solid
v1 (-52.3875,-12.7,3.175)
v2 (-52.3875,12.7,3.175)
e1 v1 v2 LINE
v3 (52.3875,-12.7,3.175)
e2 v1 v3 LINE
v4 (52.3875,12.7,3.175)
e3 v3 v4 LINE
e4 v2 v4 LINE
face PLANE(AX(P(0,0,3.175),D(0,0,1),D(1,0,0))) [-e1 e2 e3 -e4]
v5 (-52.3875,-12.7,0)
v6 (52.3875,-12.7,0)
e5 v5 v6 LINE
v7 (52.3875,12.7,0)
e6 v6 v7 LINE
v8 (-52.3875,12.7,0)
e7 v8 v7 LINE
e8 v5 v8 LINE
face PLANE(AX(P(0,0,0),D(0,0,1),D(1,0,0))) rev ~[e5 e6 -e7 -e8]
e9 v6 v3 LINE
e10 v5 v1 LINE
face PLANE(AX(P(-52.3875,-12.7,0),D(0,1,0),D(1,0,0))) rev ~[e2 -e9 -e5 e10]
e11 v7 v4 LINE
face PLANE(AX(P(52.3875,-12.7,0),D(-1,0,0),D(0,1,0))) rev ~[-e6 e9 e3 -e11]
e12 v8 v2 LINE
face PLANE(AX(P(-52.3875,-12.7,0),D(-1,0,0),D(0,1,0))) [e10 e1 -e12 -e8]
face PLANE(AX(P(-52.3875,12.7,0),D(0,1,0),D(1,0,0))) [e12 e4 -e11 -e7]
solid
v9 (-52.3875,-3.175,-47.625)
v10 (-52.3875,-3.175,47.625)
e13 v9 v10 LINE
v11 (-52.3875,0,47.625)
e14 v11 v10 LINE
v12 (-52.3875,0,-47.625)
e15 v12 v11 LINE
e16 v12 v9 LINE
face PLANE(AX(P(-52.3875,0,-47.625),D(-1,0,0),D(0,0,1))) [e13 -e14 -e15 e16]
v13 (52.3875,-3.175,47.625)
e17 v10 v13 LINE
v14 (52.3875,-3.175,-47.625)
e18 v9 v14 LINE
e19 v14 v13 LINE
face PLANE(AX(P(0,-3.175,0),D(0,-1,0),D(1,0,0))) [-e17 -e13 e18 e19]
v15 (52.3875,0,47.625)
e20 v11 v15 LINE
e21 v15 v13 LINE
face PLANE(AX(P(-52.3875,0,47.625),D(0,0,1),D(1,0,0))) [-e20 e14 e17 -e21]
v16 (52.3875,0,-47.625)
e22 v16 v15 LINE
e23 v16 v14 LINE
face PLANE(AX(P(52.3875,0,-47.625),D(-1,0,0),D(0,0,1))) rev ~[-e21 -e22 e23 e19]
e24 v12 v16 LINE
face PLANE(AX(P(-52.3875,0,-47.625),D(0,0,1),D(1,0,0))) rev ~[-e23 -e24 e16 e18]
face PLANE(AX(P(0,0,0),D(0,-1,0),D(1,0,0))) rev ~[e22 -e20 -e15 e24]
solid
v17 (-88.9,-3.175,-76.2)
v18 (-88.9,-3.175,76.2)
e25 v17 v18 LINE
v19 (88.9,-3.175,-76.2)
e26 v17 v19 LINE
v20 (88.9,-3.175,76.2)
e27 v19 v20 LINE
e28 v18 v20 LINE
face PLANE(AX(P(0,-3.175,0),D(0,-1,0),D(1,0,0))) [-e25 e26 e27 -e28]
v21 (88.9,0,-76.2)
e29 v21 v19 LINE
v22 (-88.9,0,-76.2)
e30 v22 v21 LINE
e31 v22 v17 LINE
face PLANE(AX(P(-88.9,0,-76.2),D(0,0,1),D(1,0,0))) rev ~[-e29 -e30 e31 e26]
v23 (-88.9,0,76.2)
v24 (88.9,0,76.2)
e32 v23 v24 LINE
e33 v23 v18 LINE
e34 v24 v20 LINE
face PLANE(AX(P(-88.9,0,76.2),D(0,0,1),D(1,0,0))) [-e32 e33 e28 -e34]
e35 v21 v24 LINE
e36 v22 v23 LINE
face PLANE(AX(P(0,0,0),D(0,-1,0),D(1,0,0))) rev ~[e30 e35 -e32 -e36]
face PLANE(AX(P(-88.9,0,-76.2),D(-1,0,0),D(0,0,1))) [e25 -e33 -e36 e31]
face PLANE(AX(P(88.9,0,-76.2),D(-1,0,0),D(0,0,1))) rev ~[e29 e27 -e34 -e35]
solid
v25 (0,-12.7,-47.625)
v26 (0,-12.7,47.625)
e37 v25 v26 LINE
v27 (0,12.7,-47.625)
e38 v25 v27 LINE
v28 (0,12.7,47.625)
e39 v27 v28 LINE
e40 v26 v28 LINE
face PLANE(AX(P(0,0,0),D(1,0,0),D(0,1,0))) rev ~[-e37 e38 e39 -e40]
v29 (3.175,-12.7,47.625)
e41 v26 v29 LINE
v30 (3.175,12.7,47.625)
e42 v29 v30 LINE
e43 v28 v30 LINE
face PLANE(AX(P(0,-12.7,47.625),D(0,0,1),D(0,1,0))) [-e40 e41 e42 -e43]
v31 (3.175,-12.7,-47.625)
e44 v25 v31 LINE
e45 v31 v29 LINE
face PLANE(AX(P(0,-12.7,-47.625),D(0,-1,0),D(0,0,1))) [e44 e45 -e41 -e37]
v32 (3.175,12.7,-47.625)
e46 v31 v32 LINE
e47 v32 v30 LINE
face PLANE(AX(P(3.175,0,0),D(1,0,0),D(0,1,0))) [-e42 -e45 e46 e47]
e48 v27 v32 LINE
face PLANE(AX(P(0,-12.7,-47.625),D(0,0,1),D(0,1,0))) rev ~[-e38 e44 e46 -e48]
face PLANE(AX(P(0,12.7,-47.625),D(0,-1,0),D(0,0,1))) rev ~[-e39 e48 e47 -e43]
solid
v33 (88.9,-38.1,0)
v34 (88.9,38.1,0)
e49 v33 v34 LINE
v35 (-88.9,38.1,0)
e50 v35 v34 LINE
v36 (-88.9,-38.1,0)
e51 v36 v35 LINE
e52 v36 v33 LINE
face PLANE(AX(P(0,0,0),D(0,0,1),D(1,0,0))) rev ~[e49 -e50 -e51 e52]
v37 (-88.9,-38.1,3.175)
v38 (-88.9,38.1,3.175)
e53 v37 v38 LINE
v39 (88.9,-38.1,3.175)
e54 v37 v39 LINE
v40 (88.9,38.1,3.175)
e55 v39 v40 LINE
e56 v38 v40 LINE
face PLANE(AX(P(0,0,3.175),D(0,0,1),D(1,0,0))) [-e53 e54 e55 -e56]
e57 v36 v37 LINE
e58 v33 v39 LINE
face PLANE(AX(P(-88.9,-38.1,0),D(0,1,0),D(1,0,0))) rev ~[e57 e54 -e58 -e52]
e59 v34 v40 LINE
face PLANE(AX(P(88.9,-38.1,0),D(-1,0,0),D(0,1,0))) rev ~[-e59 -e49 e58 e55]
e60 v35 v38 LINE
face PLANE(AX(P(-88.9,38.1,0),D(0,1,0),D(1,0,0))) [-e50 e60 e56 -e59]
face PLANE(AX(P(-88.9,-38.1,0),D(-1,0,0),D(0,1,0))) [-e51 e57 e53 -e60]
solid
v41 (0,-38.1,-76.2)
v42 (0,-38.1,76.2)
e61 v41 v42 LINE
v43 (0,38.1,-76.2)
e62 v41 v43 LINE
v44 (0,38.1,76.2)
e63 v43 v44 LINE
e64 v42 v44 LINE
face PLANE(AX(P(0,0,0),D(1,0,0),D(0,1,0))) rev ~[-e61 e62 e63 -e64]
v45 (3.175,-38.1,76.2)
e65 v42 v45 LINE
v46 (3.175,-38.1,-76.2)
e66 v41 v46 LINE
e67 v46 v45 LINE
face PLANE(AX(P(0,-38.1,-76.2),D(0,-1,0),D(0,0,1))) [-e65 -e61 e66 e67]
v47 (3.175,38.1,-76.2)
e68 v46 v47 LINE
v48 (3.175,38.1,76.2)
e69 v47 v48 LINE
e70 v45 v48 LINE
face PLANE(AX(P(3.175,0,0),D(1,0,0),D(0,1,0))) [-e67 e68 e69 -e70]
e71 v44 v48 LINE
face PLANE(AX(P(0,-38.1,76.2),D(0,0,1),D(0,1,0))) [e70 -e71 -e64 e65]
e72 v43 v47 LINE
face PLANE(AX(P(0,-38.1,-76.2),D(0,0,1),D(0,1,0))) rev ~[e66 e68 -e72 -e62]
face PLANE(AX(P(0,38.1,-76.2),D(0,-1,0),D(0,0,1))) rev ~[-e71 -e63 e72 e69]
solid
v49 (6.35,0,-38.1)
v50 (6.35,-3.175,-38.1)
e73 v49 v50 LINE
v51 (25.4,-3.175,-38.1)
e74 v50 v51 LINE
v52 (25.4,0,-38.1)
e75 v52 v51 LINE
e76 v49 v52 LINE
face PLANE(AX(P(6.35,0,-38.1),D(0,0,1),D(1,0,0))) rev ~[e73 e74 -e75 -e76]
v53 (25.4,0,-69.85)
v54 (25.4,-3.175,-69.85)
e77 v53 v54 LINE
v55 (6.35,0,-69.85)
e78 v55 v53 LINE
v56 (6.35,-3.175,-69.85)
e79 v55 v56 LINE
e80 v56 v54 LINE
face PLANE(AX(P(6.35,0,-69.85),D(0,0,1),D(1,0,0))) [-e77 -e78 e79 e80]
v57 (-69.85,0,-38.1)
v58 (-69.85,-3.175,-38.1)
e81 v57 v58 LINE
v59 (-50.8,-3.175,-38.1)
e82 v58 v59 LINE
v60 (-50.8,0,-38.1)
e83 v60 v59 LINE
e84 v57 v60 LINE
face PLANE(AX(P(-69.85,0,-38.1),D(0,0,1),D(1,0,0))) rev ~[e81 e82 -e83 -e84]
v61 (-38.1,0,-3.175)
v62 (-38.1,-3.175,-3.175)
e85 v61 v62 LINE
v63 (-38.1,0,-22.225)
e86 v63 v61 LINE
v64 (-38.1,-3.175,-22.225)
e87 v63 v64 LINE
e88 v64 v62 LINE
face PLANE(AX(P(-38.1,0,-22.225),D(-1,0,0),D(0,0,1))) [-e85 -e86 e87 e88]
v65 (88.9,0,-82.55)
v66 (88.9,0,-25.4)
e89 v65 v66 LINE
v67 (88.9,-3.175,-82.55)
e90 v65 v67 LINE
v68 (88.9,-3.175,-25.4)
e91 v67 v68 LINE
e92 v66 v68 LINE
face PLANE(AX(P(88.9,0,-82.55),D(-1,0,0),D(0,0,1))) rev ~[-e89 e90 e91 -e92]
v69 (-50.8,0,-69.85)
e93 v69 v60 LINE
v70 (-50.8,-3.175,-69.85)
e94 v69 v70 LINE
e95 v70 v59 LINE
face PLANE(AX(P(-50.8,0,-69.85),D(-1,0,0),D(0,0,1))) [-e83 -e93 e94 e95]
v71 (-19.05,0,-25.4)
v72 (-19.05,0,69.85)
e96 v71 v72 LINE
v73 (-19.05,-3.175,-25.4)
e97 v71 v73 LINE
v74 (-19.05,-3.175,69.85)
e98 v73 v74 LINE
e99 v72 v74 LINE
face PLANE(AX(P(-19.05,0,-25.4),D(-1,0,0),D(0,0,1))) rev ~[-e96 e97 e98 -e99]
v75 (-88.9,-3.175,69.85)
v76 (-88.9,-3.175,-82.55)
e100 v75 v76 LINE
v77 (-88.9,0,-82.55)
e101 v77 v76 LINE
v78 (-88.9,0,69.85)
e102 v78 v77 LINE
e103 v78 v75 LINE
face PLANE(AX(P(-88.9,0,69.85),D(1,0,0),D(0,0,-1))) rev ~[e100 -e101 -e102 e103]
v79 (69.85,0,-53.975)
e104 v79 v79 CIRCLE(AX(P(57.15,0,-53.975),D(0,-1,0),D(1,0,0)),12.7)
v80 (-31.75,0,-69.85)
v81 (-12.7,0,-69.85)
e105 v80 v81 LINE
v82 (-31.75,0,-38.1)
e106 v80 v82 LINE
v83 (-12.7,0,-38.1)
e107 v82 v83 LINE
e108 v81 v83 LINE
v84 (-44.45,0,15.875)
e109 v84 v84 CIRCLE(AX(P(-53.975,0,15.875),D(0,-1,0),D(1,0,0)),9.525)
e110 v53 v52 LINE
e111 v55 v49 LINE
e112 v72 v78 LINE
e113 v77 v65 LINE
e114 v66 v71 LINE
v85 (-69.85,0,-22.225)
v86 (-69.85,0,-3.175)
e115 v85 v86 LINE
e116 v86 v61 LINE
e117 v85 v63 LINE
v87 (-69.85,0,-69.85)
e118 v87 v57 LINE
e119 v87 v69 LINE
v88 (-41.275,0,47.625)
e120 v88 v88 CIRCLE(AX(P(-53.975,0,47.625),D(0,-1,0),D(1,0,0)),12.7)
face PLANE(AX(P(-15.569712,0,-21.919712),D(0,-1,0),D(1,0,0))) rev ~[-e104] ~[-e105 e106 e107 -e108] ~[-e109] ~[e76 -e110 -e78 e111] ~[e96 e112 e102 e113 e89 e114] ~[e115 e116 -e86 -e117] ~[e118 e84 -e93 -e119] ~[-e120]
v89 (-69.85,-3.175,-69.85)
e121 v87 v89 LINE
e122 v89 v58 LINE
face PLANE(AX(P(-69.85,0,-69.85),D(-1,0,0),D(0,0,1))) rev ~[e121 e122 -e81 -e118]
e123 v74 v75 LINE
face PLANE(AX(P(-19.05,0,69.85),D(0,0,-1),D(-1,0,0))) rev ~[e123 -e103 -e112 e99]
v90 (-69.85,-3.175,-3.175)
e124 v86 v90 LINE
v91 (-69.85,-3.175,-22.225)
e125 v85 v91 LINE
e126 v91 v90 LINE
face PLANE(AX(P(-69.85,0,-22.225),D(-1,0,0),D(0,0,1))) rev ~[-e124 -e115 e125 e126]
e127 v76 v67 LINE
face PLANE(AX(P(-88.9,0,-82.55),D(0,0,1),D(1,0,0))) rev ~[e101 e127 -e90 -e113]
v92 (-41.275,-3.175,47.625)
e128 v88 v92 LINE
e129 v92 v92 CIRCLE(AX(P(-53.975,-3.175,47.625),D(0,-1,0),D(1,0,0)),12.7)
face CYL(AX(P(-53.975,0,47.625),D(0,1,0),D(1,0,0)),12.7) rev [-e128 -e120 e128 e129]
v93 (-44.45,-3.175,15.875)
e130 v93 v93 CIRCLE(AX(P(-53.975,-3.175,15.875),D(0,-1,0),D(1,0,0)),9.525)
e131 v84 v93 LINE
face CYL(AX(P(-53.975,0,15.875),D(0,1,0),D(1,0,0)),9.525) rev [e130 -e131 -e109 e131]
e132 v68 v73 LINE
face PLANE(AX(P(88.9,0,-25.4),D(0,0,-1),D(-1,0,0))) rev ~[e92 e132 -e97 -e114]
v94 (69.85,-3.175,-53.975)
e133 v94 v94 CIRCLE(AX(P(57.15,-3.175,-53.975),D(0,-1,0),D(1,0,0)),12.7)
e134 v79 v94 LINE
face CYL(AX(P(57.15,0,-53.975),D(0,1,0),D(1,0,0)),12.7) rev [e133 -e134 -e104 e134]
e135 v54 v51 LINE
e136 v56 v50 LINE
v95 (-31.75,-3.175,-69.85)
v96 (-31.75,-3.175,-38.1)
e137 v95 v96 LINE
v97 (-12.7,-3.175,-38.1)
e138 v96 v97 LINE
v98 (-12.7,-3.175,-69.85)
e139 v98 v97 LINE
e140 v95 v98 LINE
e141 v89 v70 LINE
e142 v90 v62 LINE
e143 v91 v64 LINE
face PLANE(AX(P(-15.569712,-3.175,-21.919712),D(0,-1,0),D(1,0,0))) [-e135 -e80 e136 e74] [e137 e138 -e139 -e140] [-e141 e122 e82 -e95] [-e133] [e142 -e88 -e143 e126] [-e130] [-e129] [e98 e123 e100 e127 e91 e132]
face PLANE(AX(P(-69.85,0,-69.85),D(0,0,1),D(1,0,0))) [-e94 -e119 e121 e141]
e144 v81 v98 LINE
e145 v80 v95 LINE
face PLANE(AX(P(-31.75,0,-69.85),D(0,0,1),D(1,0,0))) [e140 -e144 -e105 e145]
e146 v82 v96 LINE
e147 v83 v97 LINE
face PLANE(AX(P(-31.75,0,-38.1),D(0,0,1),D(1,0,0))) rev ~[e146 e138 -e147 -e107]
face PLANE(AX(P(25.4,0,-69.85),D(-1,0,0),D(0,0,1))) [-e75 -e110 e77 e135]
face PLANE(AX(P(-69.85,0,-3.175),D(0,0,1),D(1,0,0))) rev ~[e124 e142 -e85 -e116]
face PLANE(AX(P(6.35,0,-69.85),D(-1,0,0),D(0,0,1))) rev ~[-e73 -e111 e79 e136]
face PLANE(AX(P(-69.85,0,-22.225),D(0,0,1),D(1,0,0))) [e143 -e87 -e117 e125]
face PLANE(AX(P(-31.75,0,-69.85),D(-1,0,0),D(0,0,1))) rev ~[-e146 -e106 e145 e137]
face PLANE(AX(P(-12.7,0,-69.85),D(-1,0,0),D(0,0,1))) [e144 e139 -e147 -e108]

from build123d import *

# Parameters (mm, degrees)
F0_W      = 19.05
F0_H      = 31.75
F0_W_2    = 31.75
F0_H_2    = 19.05
F0_R      = 12.7
F0_R_2    = 9.525
F5_DEPTH  = 3.175
F1_W      = 104.775
F1_H      = 95.25
F6_DEPTH  = 3.175
F2_W      = 76.2
F2_H      = 152.4
F7_DEPTH  = 3.175
F3_W      = 177.8
F3_H      = 76.2
F8_DEPTH  = 3.175
F4_W      = 177.8
F4_H      = 152.4
F9_DEPTH  = 3.175
F10_W     = 25.4
F10_H     = 95.25
F11_DEPTH = 3.175
F12_W     = 104.775
F12_H     = 25.4
F13_DEPTH = 3.175


with BuildPart() as f5:
    # F0 (on Front) → F5 (new body)
    with BuildSketch(Plane.XZ):
        Polygon((-19.05, -25.4), (-19.05, 69.85), (-88.9, 69.85), (-88.9, -69.85), (-88.9, -82.55), (88.9, -82.55), (88.9, -69.85), (88.9, -47.625), (88.9, -25.4), align=None)
        with Locations((-60.325, -53.975)):
            Rectangle(F0_W, F0_H, mode=Mode.SUBTRACT)
        with Locations((-22.225, -53.975)):
            Rectangle(F0_W, F0_H, mode=Mode.SUBTRACT)
        with Locations((-53.975, -12.7)):
            Rectangle(F0_W_2, F0_H_2, mode=Mode.SUBTRACT)
        with Locations((15.875, -53.975)):
            Rectangle(F0_W, F0_H, mode=Mode.SUBTRACT)
        with Locations((57.15, -53.975)):
            Circle(F0_R, mode=Mode.SUBTRACT)
        with Locations((-53.975, 15.875)):
            Circle(F0_R_2, mode=Mode.SUBTRACT)
        with Locations((-53.975, 47.625)):
            Circle(F0_R, mode=Mode.SUBTRACT)
    extrude(amount=F5_DEPTH)


with BuildPart() as f6:
    # F1 (on Front) → F6 (new body)
    with BuildSketch(Plane.XZ):
        Rectangle(F1_W, F1_H)
    extrude(amount=F6_DEPTH)


with BuildPart() as f7:
    # F2 (on Right) → F7 (new body)
    with BuildSketch(Plane.YZ):
        Rectangle(F2_W, F2_H)
    extrude(amount=F7_DEPTH)


with BuildPart() as f8:
    # F3 (on Top) → F8 (new body)
    with BuildSketch(Plane.XY):
        Rectangle(F3_W, F3_H)
    extrude(amount=F8_DEPTH)


with BuildPart() as f9:
    # F4 (on Front) → F9 (new body)
    with BuildSketch(Plane.XZ):
        Rectangle(F4_W, F4_H)
    extrude(amount=F9_DEPTH)


with BuildPart() as f11:
    # F10 (on Right) → F11 (new body)
    with BuildSketch(Plane.YZ):
        Rectangle(F10_W, F10_H)
    extrude(amount=F11_DEPTH)


with BuildPart() as f13:
    # F12 (on Top) → F13 (new body)
    with BuildSketch(Plane.XY):
        Rectangle(F12_W, F12_H)
    extrude(amount=F13_DEPTH)


solid = Compound([f5.part, f6.part, f7.part, f8.part, f9.part, f11.part, f13.part])
